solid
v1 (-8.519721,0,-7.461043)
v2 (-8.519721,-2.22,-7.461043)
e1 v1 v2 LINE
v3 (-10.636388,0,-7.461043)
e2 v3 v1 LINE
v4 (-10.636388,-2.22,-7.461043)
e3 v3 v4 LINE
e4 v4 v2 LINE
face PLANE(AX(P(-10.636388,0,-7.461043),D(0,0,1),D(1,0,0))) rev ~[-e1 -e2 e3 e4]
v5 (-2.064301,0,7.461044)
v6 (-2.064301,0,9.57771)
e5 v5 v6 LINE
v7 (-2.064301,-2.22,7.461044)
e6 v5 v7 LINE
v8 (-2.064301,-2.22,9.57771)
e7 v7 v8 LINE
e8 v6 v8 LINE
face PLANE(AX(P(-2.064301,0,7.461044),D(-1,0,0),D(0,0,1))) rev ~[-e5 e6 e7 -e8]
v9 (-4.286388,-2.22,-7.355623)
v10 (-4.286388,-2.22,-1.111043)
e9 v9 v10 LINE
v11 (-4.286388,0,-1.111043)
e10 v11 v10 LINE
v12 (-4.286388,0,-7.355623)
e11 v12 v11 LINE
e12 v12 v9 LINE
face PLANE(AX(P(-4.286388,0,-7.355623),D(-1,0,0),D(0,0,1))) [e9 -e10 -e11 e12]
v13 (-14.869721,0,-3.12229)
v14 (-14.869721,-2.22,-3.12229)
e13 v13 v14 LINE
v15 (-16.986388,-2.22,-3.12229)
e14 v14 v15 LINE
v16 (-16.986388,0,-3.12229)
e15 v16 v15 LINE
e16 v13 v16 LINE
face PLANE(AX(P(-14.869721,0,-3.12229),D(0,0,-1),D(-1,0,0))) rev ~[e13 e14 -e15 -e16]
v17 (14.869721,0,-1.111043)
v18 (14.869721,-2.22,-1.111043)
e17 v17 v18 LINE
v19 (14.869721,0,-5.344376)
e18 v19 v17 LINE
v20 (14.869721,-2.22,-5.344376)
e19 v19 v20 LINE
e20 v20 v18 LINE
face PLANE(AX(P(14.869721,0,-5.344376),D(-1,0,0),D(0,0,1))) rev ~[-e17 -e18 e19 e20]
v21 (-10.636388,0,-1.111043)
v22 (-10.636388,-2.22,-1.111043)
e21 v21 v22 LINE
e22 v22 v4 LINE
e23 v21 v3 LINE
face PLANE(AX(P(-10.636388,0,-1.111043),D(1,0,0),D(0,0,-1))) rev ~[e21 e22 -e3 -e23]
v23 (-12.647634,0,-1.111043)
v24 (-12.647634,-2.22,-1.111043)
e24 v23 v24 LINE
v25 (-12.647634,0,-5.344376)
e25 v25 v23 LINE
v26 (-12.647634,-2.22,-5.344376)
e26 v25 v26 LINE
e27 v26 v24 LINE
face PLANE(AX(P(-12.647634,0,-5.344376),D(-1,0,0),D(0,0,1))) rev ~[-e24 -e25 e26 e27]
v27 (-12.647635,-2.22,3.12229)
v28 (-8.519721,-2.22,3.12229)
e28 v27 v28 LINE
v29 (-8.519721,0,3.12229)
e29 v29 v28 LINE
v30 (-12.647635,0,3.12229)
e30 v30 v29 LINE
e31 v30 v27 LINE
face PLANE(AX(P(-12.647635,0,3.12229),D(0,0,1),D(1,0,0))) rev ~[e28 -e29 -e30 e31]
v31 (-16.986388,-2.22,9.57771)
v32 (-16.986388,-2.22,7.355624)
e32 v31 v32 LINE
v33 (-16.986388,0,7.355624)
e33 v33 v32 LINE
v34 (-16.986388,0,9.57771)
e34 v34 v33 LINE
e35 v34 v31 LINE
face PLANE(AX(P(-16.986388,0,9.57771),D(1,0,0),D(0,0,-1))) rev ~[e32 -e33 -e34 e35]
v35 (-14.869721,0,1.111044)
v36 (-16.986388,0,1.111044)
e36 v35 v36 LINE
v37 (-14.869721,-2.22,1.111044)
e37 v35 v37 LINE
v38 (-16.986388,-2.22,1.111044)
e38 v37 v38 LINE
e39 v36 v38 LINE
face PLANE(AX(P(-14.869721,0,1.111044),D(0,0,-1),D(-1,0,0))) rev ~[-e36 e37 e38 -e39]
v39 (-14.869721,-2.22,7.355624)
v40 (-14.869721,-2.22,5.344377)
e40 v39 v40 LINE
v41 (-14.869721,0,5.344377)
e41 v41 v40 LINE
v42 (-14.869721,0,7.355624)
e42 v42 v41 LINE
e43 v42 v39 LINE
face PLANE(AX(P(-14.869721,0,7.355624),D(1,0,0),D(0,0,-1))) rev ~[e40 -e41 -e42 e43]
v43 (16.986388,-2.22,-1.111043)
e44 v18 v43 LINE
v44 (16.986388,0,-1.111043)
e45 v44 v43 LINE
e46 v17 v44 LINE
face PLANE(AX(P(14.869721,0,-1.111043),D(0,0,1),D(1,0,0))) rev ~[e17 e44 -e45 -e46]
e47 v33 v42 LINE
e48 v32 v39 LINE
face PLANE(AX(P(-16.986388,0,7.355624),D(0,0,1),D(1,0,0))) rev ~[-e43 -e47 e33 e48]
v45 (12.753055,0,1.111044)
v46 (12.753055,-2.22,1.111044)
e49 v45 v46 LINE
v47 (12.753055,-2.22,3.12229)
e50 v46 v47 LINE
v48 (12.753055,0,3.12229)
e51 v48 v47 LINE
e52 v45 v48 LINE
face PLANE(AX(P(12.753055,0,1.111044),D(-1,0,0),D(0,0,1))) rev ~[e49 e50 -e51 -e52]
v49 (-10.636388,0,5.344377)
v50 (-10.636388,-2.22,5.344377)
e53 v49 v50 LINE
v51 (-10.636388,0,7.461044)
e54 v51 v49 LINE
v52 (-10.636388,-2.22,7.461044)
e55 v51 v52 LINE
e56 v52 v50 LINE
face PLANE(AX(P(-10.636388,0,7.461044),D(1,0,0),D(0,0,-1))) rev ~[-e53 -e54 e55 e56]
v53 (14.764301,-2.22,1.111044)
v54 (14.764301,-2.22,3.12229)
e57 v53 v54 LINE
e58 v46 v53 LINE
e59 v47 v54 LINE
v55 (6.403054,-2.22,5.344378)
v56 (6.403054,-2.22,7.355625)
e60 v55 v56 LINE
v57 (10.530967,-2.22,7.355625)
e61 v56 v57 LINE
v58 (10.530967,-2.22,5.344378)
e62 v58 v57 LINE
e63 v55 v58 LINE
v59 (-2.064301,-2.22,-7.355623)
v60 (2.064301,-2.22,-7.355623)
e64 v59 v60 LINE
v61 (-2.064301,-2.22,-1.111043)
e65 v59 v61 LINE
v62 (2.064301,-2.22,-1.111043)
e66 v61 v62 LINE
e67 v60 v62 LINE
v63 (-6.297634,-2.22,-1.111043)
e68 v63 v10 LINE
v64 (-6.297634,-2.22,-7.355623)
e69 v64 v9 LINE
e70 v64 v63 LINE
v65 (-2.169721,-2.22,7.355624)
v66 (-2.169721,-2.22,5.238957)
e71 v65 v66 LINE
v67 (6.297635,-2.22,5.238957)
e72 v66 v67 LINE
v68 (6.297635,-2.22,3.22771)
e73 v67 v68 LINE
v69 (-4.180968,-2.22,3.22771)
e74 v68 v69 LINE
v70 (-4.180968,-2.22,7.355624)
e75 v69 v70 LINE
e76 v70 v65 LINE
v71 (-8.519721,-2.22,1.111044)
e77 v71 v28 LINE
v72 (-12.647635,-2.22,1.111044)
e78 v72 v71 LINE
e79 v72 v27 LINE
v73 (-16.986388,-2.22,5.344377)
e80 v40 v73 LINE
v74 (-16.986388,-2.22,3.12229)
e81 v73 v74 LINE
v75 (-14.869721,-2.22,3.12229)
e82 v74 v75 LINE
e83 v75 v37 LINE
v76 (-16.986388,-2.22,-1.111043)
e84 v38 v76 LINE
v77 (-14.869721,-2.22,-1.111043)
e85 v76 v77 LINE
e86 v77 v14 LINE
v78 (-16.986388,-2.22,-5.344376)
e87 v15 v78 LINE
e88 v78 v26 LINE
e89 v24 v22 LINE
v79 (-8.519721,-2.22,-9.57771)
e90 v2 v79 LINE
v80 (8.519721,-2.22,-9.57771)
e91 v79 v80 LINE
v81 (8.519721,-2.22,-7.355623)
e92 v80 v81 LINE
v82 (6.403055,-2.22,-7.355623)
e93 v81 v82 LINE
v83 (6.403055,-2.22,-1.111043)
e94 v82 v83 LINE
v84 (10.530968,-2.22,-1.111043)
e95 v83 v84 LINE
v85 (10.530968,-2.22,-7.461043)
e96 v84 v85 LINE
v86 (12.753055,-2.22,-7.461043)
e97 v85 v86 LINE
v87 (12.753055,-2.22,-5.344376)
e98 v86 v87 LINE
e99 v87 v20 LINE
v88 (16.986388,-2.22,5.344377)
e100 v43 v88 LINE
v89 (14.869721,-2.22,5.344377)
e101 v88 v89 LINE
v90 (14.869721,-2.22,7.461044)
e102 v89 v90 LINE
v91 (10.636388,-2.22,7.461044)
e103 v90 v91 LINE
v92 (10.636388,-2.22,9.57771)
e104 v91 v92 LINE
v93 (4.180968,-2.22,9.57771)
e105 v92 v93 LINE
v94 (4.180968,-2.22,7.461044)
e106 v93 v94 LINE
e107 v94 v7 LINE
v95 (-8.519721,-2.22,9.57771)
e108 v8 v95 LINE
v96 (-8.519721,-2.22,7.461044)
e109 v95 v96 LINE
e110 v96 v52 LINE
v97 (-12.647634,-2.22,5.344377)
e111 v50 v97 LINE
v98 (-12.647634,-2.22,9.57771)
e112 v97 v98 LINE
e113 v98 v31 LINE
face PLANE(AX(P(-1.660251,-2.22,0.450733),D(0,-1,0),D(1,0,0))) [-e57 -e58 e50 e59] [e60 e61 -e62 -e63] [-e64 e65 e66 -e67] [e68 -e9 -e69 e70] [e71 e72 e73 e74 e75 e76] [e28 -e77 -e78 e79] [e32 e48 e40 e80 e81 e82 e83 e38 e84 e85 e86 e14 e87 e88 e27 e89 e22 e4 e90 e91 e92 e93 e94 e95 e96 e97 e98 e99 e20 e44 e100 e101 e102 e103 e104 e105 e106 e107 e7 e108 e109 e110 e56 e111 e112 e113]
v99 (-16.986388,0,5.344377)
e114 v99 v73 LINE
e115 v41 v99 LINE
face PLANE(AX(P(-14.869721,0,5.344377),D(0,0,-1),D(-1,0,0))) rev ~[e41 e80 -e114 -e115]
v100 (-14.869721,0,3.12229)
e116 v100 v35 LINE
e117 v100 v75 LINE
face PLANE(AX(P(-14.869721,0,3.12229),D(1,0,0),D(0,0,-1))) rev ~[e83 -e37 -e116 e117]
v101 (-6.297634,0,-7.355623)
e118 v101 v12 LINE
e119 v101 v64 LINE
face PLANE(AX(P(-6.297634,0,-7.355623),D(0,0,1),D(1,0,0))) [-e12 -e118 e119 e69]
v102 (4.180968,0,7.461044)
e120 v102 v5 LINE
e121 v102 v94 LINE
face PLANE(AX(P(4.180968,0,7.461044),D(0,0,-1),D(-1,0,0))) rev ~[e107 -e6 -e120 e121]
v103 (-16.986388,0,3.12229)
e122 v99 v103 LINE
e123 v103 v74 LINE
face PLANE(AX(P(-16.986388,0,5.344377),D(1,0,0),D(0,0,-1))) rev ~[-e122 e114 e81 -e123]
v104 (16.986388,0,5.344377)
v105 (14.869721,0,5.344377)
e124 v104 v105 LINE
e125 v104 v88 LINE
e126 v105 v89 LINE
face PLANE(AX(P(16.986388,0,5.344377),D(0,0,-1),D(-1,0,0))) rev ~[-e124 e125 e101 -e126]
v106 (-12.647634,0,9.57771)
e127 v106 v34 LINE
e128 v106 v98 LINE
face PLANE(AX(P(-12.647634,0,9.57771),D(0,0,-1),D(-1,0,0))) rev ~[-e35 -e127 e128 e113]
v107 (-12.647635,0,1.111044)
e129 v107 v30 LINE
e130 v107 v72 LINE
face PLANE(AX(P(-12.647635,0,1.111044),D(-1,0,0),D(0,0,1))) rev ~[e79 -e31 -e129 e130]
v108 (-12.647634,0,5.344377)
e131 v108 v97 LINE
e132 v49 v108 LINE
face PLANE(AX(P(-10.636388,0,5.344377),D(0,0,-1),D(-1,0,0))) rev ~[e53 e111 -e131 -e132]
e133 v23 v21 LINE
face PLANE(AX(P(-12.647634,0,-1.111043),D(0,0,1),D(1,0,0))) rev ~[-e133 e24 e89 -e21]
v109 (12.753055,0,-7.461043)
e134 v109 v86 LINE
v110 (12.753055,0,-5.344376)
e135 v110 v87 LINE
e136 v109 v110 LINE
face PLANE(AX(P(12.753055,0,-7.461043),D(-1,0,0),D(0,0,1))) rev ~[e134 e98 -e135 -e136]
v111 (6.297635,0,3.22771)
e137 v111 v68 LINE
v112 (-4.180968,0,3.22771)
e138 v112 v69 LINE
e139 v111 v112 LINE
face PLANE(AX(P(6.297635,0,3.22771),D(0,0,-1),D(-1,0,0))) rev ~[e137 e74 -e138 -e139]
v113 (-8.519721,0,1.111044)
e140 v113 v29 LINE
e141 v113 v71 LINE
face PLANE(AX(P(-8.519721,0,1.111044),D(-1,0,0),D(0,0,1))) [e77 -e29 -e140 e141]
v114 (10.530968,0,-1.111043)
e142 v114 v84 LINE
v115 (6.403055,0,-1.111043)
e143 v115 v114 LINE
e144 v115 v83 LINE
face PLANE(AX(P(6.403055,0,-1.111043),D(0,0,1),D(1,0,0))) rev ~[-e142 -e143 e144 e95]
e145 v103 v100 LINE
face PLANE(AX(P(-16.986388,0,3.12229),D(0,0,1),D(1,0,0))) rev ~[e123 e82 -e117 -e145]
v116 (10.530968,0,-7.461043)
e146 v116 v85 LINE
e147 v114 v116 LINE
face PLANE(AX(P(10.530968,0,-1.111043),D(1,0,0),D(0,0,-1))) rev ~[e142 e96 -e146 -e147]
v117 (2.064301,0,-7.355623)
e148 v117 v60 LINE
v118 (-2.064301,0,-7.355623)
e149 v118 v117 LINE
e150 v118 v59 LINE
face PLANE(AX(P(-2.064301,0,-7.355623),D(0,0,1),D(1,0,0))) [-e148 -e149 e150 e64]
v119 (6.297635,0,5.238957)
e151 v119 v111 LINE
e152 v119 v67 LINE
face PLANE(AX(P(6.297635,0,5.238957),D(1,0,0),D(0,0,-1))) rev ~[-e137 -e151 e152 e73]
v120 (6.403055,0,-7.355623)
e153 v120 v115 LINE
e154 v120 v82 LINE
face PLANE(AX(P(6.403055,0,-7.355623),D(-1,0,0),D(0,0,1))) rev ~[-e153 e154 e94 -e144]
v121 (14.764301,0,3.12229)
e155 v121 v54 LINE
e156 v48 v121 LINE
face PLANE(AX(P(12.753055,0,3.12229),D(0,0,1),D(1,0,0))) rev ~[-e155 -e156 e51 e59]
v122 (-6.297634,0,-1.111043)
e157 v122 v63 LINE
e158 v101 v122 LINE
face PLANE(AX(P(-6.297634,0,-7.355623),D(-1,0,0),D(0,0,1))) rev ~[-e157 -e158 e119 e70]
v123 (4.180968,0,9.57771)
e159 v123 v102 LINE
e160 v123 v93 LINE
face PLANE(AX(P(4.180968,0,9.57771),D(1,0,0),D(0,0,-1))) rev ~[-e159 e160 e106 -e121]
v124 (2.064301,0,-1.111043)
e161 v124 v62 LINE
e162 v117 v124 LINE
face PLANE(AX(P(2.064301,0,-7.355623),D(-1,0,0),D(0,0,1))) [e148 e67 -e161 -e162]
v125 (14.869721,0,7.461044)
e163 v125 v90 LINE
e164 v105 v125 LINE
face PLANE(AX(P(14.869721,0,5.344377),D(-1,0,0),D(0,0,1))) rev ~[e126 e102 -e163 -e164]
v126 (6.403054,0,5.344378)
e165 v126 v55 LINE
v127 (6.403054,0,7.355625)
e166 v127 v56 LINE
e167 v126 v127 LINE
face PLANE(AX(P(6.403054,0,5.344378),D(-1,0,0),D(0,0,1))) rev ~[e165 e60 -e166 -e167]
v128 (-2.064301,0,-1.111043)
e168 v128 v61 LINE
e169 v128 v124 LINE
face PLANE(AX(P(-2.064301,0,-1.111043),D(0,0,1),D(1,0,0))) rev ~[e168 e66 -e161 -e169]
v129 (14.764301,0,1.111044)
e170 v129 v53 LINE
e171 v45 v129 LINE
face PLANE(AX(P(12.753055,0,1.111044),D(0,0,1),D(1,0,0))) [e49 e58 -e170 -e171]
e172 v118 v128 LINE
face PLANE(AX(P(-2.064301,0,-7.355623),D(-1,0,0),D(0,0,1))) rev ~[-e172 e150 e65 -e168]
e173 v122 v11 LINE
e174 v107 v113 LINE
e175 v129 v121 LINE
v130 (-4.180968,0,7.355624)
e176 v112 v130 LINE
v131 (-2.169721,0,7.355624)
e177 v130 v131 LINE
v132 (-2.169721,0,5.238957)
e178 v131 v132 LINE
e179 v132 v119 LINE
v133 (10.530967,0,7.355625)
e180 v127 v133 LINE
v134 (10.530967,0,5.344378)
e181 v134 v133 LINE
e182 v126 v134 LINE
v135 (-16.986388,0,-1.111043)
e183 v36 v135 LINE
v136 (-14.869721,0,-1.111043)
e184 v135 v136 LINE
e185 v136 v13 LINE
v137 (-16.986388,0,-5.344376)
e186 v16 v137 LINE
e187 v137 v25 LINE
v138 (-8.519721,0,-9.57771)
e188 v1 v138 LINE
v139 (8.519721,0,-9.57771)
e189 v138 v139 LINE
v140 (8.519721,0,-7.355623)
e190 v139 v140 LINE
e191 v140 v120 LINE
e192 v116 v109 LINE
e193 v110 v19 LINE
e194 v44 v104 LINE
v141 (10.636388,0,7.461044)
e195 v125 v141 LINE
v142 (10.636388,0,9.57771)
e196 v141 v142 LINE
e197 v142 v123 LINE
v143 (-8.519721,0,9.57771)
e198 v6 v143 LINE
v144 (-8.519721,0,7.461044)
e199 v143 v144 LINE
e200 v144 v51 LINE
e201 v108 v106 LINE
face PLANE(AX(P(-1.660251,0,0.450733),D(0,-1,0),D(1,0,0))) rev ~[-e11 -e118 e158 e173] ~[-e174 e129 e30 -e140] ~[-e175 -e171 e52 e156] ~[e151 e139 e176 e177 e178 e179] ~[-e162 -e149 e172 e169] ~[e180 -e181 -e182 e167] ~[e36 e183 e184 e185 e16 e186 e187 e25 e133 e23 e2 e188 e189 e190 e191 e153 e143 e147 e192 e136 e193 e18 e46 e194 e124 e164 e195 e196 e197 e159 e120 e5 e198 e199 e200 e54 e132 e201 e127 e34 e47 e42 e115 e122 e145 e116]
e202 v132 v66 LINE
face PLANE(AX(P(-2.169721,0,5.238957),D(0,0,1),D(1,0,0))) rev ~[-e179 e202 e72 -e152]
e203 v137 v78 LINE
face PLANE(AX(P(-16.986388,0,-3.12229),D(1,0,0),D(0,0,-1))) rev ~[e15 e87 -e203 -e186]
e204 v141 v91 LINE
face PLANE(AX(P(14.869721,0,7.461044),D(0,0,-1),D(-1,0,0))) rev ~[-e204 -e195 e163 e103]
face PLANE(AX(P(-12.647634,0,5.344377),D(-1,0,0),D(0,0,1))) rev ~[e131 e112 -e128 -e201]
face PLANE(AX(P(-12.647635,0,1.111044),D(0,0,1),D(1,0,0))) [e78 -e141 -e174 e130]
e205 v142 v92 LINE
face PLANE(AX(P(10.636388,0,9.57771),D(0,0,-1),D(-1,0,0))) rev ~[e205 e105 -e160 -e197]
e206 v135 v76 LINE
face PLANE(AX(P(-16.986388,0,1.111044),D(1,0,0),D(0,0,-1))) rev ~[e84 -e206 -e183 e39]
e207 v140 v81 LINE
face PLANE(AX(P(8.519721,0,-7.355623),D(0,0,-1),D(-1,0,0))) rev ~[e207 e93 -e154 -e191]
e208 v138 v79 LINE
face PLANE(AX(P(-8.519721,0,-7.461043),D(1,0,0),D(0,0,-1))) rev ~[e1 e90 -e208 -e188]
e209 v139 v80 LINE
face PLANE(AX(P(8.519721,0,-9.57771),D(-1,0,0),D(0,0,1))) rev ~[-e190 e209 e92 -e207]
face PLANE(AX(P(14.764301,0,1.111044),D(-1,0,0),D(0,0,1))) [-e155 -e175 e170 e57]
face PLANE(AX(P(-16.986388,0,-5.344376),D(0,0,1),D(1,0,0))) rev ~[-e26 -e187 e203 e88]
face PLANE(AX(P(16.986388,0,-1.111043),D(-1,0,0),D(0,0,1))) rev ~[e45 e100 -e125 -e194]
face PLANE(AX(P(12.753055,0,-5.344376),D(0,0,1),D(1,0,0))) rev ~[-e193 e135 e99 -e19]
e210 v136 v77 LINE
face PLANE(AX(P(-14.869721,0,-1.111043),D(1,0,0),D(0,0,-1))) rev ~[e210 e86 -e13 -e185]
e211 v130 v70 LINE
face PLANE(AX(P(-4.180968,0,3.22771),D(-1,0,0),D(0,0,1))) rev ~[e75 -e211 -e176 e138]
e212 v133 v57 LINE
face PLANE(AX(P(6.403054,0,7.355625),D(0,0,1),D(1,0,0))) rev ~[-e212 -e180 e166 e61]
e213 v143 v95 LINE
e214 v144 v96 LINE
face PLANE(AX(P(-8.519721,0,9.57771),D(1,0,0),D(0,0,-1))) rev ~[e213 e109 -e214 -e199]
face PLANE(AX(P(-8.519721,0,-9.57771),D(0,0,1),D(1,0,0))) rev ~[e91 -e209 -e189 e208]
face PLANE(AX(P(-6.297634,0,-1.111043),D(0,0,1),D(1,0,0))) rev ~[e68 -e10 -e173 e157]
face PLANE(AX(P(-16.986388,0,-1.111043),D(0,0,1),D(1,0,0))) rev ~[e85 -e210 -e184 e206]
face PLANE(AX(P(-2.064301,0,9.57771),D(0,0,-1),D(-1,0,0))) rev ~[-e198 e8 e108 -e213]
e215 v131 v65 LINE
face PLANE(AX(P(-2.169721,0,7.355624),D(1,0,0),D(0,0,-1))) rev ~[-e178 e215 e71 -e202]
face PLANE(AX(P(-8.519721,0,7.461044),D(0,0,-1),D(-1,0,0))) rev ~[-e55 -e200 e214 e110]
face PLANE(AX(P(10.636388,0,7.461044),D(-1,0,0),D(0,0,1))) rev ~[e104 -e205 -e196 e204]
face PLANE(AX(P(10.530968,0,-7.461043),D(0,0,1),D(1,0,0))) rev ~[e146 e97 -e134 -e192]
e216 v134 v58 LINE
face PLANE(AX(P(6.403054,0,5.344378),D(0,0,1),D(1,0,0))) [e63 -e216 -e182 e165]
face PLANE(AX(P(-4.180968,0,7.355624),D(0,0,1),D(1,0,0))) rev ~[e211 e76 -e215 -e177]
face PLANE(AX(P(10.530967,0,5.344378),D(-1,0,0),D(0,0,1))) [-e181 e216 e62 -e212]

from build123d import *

# Parameters (mm, degrees)
F0_W     = 2.011246
F0_H     = 6.24458
F0_W_2   = 4.128602
F0_W_3   = 4.127913
F0_H_2   = 2.011246
F0_H_3   = 2.011247
F1_DEPTH = 2.22


with BuildPart() as f1:
    # F0 (on Front) → F1 (new body)
    with BuildSketch(Plane.XZ):
        Polygon((16.986388, 5.344377), (14.869721, 5.344377), (14.869721, 7.461044), (10.636388, 7.461044), (10.636388, 9.57771), (4.180968, 9.57771), (4.180968, 7.461044), (-2.064301, 7.461044), (-2.064301, 9.57771), (-8.519721, 9.57771), (-8.519721, 7.461044), (-10.636388, 7.461044), (-10.636388, 5.344377), (-12.647634, 5.344377), (-12.647634, 9.57771), (-16.986388, 9.57771), (-16.986388, 7.355624), (-14.869721, 7.355624), (-14.869721, 5.344377), (-16.986388, 5.344377), (-16.986388, 3.12229), (-14.869721, 3.12229), (-14.869721, 1.111044), (-16.986388, 1.111044), (-16.986388, -1.111043), (-14.869721, -1.111043), (-14.869721, -3.12229), (-16.986388, -3.12229), (-16.986388, -5.344376), (-12.647634, -5.344376), (-12.647634, -1.111043), (-10.636388, -1.111043), (-10.636388, -7.461043), (-8.519721, -7.461043), (-8.519721, -9.57771), (8.519721, -9.57771), (8.519721, -7.355623), (6.403055, -7.355623), (6.403055, -1.111043), (10.530968, -1.111043), (10.530968, -7.461043), (12.753055, -7.461043), (12.753055, -5.344376), (14.869721, -5.344376), (14.869721, -1.111043), (16.986388, -1.111043), align=None)
        with Locations((-5.292011, -4.233333)):
            Rectangle(F0_W, F0_H, mode=Mode.SUBTRACT)
        with Locations((0, -4.233333)):
            Rectangle(F0_W_2, F0_H, mode=Mode.SUBTRACT)
        with Locations((-10.583678, 2.116667)):
            Rectangle(F0_W_3, F0_H_2, mode=Mode.SUBTRACT)
        with Locations((13.758678, 2.116667)):
            Rectangle(F0_W, F0_H_2, mode=Mode.SUBTRACT)
        Polygon((6.297635, 5.238957), (6.297635, 3.22771), (-4.180968, 3.22771), (-4.180968, 7.355624), (-2.169721, 7.355624), (-2.169721, 5.238957), align=None, mode=Mode.SUBTRACT)
        with Locations((8.467011, 6.350001)):
            Rectangle(F0_W_3, F0_H_3, mode=Mode.SUBTRACT)
    extrude(amount=F1_DEPTH)


solid = f1.part
